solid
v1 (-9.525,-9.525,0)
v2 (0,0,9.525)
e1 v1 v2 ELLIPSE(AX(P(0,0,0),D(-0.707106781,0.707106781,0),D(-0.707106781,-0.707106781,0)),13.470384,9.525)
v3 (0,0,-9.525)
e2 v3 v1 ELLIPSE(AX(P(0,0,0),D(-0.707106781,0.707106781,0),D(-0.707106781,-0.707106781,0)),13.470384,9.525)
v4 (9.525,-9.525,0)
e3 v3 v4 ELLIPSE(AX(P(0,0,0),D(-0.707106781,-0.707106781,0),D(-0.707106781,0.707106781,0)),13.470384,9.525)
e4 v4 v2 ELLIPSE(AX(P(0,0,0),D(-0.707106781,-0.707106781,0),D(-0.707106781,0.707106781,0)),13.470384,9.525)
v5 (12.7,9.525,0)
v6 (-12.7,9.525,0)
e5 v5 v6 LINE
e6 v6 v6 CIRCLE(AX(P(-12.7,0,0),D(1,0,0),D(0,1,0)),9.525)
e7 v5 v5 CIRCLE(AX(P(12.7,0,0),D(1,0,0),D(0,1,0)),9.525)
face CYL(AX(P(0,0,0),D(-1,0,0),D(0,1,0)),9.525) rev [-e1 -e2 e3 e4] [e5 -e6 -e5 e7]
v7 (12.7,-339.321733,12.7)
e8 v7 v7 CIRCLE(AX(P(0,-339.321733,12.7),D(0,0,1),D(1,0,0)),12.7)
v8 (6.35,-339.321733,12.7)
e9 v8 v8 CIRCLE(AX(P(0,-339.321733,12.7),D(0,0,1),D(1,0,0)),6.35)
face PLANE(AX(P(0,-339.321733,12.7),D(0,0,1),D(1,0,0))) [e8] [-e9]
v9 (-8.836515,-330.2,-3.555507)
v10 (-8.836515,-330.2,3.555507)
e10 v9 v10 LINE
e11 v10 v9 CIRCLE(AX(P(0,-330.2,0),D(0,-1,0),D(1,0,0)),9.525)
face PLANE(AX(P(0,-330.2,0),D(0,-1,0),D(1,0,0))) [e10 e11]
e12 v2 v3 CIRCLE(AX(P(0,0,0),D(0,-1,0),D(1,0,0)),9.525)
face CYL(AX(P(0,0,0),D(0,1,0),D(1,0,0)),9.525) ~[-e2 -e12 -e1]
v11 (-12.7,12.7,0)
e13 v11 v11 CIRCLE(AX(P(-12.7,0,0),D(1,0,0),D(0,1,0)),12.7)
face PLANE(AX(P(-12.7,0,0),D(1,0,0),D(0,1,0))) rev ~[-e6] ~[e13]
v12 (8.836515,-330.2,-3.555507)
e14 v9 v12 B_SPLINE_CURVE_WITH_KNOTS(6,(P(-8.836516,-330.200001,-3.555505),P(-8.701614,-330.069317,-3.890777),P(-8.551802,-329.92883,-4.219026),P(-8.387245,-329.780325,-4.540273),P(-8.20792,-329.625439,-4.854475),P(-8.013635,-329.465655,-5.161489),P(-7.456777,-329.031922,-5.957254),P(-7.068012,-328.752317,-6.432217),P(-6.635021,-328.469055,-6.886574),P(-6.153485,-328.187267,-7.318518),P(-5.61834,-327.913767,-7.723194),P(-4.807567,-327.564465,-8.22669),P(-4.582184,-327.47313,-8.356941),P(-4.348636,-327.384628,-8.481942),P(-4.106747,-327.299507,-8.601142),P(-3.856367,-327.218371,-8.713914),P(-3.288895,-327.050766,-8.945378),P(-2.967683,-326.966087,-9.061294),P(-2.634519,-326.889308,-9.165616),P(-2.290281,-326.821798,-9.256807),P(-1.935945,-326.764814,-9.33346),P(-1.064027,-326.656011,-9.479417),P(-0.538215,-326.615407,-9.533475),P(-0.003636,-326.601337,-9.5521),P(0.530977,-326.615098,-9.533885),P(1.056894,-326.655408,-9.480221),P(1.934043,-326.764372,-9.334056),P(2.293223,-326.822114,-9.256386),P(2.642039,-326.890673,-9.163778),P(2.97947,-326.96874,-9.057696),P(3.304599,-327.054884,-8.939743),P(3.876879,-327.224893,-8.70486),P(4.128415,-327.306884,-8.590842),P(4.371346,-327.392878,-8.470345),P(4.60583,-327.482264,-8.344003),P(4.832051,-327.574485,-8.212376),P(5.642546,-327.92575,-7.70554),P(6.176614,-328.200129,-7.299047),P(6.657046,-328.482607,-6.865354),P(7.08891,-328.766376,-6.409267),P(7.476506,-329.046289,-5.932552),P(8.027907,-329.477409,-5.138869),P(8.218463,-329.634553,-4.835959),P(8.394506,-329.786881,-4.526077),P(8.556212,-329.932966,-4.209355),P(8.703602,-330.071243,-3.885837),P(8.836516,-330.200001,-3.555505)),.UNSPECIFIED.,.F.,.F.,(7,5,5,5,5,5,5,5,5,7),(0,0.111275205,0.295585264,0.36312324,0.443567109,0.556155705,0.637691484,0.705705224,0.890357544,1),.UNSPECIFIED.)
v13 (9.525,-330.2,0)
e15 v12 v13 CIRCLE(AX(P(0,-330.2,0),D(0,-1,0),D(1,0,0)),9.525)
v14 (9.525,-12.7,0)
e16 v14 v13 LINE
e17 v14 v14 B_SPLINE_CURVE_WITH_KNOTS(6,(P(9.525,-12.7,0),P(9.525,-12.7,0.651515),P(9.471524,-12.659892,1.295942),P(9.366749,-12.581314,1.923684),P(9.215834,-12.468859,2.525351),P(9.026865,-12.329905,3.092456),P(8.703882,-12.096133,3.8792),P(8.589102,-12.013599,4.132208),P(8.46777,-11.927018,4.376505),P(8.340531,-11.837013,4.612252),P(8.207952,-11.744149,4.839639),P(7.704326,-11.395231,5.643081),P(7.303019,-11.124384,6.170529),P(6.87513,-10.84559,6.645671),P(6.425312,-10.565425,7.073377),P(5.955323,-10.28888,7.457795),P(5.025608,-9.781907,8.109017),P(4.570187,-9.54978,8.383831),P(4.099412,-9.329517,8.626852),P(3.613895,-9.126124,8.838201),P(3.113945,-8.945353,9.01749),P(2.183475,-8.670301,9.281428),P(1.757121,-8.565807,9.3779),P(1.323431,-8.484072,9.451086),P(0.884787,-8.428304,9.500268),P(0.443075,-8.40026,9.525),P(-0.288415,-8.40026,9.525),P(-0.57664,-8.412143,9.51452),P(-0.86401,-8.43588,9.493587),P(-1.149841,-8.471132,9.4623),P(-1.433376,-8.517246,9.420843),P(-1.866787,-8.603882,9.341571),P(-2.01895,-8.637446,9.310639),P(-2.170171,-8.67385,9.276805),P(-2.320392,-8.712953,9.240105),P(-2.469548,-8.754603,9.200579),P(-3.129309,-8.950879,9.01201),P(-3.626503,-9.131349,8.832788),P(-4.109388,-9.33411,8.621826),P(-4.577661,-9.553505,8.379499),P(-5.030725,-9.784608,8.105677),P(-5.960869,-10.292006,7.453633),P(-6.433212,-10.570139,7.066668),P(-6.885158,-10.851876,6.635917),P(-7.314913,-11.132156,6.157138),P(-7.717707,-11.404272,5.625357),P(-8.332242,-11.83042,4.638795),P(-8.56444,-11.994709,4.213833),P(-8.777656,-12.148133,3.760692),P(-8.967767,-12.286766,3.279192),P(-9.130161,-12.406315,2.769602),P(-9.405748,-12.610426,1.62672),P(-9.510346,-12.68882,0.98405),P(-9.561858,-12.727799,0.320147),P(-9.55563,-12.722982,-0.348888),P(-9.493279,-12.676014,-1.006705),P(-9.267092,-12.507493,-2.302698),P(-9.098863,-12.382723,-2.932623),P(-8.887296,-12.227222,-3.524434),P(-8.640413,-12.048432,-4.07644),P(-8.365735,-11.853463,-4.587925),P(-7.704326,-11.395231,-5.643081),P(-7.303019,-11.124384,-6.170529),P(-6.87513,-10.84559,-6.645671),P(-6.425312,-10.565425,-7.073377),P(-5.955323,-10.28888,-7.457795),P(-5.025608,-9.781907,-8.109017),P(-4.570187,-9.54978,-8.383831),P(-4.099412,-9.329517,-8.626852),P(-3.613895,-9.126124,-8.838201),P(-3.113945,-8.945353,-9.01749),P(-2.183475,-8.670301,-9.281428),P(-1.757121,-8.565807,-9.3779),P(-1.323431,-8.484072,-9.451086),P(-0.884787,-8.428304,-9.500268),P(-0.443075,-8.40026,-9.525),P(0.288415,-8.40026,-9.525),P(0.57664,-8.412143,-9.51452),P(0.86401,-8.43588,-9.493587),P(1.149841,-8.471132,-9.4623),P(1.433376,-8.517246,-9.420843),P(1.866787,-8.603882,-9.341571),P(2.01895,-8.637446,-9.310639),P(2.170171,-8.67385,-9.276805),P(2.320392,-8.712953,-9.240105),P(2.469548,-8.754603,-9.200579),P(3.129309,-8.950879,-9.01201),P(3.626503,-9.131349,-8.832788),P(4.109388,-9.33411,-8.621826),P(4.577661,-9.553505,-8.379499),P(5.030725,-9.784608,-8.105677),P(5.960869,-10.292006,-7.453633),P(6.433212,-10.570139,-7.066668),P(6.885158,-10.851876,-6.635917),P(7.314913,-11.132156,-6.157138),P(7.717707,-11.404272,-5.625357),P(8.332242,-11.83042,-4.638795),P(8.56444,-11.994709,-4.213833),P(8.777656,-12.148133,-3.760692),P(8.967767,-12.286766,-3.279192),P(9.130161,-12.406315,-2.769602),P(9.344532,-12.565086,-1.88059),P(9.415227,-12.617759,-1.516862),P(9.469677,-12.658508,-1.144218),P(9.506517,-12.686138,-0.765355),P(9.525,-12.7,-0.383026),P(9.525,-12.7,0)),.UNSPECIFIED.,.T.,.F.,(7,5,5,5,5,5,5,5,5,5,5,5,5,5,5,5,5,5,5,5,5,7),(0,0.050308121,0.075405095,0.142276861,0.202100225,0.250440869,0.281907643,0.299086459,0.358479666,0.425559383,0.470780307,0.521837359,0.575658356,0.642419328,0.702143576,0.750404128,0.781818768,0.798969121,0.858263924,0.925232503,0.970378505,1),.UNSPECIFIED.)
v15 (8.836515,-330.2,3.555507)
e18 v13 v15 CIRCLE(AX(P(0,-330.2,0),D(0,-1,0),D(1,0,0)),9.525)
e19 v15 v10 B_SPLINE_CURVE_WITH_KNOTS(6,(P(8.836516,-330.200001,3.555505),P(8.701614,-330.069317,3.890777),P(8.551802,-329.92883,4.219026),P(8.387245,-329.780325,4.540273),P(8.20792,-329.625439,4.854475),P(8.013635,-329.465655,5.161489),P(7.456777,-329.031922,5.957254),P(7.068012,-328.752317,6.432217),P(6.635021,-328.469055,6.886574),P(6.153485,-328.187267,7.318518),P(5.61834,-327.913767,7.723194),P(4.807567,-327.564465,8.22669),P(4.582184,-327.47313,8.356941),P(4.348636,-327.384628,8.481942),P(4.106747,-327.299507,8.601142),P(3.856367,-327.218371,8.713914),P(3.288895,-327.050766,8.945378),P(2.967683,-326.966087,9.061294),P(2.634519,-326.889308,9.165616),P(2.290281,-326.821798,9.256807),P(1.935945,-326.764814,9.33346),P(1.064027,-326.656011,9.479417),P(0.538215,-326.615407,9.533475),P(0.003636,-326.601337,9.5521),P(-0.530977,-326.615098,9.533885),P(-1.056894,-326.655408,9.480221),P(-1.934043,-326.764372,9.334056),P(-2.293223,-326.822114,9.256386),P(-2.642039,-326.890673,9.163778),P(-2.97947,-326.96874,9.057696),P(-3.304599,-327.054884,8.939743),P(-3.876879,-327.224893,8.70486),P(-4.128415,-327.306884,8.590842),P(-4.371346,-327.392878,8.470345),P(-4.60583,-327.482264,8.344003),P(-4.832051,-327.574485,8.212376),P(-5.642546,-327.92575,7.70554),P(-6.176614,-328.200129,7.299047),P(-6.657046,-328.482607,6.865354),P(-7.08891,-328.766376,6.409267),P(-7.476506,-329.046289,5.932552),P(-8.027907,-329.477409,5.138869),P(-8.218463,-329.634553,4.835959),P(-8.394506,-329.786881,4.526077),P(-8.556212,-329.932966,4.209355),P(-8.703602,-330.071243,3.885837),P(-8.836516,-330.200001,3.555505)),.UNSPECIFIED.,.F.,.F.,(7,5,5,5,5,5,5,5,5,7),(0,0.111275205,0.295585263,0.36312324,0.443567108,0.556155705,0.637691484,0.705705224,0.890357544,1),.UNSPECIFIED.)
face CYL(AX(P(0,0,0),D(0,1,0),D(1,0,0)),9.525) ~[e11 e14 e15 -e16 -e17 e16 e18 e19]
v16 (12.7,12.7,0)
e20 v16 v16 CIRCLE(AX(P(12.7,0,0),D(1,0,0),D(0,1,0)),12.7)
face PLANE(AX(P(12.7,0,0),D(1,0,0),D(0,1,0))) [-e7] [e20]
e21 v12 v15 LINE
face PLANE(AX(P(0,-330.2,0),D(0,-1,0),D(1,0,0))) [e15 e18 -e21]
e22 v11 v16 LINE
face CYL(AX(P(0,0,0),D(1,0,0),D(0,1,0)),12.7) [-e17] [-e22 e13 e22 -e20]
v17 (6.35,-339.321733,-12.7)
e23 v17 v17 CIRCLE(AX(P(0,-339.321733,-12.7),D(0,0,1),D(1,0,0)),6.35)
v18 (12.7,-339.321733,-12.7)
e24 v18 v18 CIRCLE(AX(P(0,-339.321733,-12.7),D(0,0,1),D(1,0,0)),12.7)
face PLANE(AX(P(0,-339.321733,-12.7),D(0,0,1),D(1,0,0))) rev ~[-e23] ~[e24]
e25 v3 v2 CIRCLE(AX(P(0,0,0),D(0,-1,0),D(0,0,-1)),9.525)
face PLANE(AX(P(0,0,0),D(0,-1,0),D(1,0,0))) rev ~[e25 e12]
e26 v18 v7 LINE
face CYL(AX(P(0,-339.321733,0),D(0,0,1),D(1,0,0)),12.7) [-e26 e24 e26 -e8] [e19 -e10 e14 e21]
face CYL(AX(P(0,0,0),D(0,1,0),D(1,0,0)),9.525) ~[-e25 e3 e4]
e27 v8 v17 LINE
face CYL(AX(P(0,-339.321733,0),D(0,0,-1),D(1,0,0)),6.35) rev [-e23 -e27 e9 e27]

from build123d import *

# Parameters (mm, degrees)
F1_R     = 12.7
F1_R_2   = 9.525
F2_DEPTH = 12.7
F0_R     = 9.525
F3_DEPTH = 330.2
F4_R     = 12.7
F4_R_2   = 6.35
F5_DEPTH = 12.7


with BuildPart() as f2:
    # F1 (on Right) → F2 (new body, symmetric)
    with BuildSketch(Plane.YZ):
        Circle(F1_R)
        Circle(F1_R_2, mode=Mode.SUBTRACT)
    extrude(amount=F2_DEPTH, both=True)

    # F0 (on Front) → F3 (join)
    with BuildSketch(Plane.XZ):
        Circle(F0_R)
    extrude(amount=F3_DEPTH)

    # F4 (on Top) → F5 (join, symmetric)
    with BuildSketch(Plane.XY):
        with Locations((0, -339.3217325211)):
            Circle(F4_R)
        with Locations((0, -339.3217325211)):
            Circle(F4_R_2, mode=Mode.SUBTRACT)
    extrude(amount=F5_DEPTH, both=True)


solid = f2.part
